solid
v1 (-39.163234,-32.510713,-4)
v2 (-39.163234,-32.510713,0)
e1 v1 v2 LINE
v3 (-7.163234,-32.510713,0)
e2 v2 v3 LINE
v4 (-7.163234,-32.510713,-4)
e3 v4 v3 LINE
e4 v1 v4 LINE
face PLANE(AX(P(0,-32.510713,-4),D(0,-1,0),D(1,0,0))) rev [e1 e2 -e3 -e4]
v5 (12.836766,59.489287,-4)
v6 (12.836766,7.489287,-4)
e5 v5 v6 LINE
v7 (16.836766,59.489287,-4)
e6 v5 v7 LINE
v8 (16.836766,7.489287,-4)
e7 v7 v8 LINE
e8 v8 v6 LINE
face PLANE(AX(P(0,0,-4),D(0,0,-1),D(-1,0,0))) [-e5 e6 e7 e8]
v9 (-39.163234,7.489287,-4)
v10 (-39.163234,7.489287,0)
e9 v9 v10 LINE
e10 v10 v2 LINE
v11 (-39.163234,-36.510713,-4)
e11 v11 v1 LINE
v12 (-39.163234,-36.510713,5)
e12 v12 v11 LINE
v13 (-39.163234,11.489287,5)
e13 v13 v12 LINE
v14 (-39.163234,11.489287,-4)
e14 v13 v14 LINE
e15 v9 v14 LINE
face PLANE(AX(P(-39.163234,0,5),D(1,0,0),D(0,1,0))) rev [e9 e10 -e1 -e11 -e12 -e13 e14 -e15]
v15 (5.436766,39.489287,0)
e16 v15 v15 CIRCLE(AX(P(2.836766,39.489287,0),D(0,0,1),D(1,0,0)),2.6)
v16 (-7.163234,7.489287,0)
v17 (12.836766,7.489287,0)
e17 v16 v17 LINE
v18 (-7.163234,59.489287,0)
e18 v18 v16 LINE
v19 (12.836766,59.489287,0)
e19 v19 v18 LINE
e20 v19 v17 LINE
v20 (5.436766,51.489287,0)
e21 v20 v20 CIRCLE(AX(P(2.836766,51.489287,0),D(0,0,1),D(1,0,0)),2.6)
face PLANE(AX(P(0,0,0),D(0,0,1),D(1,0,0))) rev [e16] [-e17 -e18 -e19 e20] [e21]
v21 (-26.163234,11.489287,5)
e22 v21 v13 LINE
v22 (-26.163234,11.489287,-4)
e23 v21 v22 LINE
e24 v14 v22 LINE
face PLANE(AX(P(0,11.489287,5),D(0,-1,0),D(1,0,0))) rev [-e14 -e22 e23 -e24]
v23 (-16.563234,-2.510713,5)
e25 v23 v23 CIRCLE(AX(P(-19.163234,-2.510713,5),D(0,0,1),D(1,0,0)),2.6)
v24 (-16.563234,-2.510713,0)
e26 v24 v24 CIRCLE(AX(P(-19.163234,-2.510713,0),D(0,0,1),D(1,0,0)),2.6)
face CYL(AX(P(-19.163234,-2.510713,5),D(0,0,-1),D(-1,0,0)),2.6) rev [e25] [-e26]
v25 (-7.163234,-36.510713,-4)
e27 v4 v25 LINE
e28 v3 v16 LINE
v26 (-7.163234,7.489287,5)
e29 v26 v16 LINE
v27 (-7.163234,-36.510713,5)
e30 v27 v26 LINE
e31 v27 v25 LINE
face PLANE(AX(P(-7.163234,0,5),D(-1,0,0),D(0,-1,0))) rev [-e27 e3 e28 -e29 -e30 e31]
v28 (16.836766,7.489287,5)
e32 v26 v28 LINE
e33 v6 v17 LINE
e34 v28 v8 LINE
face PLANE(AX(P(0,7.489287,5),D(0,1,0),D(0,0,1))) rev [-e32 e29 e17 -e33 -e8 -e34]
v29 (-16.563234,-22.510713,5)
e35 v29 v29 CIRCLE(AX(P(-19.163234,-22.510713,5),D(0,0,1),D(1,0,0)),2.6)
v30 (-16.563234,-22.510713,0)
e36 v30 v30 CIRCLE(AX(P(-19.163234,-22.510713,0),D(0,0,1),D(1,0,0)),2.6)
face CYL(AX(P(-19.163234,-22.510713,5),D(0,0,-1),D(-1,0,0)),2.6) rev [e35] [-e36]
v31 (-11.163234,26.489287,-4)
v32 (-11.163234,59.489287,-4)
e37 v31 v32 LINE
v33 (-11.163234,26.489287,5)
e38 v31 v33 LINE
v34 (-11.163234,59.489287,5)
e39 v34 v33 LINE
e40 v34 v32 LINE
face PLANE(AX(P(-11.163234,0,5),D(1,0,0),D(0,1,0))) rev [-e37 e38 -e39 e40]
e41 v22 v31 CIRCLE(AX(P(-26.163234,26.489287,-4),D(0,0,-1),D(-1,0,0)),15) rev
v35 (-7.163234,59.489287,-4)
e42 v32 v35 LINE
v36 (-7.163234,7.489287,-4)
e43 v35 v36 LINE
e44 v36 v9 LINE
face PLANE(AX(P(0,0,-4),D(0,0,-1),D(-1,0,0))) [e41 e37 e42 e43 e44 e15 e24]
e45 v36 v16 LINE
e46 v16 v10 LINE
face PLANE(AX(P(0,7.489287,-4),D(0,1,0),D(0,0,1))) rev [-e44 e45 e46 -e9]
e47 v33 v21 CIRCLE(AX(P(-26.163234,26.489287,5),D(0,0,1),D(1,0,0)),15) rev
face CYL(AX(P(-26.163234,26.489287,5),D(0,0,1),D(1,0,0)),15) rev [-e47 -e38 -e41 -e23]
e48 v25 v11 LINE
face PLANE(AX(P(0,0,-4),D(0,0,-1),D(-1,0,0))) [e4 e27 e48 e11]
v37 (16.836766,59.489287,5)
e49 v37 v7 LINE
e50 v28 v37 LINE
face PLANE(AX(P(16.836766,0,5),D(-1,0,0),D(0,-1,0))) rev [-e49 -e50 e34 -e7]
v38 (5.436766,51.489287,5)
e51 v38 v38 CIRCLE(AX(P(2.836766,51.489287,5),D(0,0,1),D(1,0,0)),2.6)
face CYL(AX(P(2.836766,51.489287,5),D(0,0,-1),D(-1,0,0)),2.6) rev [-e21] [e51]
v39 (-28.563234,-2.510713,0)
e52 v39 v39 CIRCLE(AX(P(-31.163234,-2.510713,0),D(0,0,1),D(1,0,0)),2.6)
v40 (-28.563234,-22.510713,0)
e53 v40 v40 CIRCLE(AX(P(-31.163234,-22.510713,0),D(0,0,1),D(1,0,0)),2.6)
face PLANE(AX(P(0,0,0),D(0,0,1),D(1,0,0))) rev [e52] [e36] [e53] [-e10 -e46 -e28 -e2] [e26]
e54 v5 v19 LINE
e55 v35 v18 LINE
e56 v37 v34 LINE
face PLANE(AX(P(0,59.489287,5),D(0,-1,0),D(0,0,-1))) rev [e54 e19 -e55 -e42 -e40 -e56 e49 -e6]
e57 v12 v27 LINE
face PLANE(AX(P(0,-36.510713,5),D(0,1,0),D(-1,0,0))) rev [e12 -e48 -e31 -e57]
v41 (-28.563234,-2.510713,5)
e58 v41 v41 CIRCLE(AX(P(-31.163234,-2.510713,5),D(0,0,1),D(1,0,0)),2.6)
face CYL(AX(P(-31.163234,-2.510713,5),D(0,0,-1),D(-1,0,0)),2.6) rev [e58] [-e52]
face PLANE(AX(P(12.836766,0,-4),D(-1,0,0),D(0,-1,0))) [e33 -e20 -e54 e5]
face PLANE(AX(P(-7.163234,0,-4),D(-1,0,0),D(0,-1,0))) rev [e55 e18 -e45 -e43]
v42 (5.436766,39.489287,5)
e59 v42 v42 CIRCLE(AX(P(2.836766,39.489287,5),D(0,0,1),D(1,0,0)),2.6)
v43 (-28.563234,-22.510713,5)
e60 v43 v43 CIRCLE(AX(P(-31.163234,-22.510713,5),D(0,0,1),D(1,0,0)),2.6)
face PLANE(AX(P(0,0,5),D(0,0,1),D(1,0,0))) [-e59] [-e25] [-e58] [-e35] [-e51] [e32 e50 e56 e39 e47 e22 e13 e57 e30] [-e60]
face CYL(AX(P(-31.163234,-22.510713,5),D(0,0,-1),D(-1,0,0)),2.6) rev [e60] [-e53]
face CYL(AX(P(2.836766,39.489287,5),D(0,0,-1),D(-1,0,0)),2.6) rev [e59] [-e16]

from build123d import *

# Parameters (mm, degrees)
SKETCH1_R           = 2.6
BOSS_EXTRUDE1_DEPTH = 5
SKETCH3_W           = 32
SKETCH3_H           = 4
SKETCH3_W_2         = 4
SKETCH3_H_2         = 52
BOSS_EXTRUDE3_DEPTH = 4
FILLET1_R           = 15


with BuildPart() as part:
    # Sketch1 → Boss-Extrude1 (new body)
    with BuildSketch(Plane.XY):
        Polygon((-11.163233534, 11.489286615), (-39.163233534, 11.489286615), (-39.163233534, -36.510713385), (-7.163233534, -36.510713385), (-7.163233534, 7.489286615), (16.836766466, 7.489286615), (16.836766466, 59.489286615), (-11.163233534, 59.489286615), align=None)
        with Locations((-31.163233534, -22.510713385)):
            Circle(SKETCH1_R, mode=Mode.SUBTRACT)
        with Locations((-19.163233534, -22.510713385)):
            Circle(SKETCH1_R, mode=Mode.SUBTRACT)
        with Locations((-31.163233534, -2.510713385)):
            Circle(SKETCH1_R, mode=Mode.SUBTRACT)
        with Locations((-19.163233534, -2.510713385)):
            Circle(SKETCH1_R, mode=Mode.SUBTRACT)
        with Locations((2.836766466, 39.489286615)):
            Circle(SKETCH1_R, mode=Mode.SUBTRACT)
        with Locations((2.836766466, 51.489286615)):
            Circle(SKETCH1_R, mode=Mode.SUBTRACT)
    extrude(amount=BOSS_EXTRUDE1_DEPTH)

    # Sketch3 → Boss-Extrude3 (add)
    with BuildSketch(Plane(origin=(0, 0, 0), x_dir=(-1, 0, 0), z_dir=(0, 0, -1))):
        with Locations((23.163233534, -34.510713385)):
            Rectangle(SKETCH3_W, SKETCH3_H)
        Polygon((39.163233534, 11.489286615), (11.163233534, 11.489286615), (11.163233534, 59.489286615), (7.163233534, 59.489286615), (7.163233534, 7.489286615), (39.163233534, 7.489286615), align=None)
        with Locations((-14.836766466, 33.489286615)):
            Rectangle(SKETCH3_W_2, SKETCH3_H_2)
    extrude(amount=BOSS_EXTRUDE3_DEPTH)

    # Fillet1
    fillet1_edges = [part.edges().sort_by_distance(p)[0] for p in [
        (-11.163233534, 11.489286615, 0.5),
    ]]
    fillet(fillet1_edges, radius=FILLET1_R)


solid = part.part
